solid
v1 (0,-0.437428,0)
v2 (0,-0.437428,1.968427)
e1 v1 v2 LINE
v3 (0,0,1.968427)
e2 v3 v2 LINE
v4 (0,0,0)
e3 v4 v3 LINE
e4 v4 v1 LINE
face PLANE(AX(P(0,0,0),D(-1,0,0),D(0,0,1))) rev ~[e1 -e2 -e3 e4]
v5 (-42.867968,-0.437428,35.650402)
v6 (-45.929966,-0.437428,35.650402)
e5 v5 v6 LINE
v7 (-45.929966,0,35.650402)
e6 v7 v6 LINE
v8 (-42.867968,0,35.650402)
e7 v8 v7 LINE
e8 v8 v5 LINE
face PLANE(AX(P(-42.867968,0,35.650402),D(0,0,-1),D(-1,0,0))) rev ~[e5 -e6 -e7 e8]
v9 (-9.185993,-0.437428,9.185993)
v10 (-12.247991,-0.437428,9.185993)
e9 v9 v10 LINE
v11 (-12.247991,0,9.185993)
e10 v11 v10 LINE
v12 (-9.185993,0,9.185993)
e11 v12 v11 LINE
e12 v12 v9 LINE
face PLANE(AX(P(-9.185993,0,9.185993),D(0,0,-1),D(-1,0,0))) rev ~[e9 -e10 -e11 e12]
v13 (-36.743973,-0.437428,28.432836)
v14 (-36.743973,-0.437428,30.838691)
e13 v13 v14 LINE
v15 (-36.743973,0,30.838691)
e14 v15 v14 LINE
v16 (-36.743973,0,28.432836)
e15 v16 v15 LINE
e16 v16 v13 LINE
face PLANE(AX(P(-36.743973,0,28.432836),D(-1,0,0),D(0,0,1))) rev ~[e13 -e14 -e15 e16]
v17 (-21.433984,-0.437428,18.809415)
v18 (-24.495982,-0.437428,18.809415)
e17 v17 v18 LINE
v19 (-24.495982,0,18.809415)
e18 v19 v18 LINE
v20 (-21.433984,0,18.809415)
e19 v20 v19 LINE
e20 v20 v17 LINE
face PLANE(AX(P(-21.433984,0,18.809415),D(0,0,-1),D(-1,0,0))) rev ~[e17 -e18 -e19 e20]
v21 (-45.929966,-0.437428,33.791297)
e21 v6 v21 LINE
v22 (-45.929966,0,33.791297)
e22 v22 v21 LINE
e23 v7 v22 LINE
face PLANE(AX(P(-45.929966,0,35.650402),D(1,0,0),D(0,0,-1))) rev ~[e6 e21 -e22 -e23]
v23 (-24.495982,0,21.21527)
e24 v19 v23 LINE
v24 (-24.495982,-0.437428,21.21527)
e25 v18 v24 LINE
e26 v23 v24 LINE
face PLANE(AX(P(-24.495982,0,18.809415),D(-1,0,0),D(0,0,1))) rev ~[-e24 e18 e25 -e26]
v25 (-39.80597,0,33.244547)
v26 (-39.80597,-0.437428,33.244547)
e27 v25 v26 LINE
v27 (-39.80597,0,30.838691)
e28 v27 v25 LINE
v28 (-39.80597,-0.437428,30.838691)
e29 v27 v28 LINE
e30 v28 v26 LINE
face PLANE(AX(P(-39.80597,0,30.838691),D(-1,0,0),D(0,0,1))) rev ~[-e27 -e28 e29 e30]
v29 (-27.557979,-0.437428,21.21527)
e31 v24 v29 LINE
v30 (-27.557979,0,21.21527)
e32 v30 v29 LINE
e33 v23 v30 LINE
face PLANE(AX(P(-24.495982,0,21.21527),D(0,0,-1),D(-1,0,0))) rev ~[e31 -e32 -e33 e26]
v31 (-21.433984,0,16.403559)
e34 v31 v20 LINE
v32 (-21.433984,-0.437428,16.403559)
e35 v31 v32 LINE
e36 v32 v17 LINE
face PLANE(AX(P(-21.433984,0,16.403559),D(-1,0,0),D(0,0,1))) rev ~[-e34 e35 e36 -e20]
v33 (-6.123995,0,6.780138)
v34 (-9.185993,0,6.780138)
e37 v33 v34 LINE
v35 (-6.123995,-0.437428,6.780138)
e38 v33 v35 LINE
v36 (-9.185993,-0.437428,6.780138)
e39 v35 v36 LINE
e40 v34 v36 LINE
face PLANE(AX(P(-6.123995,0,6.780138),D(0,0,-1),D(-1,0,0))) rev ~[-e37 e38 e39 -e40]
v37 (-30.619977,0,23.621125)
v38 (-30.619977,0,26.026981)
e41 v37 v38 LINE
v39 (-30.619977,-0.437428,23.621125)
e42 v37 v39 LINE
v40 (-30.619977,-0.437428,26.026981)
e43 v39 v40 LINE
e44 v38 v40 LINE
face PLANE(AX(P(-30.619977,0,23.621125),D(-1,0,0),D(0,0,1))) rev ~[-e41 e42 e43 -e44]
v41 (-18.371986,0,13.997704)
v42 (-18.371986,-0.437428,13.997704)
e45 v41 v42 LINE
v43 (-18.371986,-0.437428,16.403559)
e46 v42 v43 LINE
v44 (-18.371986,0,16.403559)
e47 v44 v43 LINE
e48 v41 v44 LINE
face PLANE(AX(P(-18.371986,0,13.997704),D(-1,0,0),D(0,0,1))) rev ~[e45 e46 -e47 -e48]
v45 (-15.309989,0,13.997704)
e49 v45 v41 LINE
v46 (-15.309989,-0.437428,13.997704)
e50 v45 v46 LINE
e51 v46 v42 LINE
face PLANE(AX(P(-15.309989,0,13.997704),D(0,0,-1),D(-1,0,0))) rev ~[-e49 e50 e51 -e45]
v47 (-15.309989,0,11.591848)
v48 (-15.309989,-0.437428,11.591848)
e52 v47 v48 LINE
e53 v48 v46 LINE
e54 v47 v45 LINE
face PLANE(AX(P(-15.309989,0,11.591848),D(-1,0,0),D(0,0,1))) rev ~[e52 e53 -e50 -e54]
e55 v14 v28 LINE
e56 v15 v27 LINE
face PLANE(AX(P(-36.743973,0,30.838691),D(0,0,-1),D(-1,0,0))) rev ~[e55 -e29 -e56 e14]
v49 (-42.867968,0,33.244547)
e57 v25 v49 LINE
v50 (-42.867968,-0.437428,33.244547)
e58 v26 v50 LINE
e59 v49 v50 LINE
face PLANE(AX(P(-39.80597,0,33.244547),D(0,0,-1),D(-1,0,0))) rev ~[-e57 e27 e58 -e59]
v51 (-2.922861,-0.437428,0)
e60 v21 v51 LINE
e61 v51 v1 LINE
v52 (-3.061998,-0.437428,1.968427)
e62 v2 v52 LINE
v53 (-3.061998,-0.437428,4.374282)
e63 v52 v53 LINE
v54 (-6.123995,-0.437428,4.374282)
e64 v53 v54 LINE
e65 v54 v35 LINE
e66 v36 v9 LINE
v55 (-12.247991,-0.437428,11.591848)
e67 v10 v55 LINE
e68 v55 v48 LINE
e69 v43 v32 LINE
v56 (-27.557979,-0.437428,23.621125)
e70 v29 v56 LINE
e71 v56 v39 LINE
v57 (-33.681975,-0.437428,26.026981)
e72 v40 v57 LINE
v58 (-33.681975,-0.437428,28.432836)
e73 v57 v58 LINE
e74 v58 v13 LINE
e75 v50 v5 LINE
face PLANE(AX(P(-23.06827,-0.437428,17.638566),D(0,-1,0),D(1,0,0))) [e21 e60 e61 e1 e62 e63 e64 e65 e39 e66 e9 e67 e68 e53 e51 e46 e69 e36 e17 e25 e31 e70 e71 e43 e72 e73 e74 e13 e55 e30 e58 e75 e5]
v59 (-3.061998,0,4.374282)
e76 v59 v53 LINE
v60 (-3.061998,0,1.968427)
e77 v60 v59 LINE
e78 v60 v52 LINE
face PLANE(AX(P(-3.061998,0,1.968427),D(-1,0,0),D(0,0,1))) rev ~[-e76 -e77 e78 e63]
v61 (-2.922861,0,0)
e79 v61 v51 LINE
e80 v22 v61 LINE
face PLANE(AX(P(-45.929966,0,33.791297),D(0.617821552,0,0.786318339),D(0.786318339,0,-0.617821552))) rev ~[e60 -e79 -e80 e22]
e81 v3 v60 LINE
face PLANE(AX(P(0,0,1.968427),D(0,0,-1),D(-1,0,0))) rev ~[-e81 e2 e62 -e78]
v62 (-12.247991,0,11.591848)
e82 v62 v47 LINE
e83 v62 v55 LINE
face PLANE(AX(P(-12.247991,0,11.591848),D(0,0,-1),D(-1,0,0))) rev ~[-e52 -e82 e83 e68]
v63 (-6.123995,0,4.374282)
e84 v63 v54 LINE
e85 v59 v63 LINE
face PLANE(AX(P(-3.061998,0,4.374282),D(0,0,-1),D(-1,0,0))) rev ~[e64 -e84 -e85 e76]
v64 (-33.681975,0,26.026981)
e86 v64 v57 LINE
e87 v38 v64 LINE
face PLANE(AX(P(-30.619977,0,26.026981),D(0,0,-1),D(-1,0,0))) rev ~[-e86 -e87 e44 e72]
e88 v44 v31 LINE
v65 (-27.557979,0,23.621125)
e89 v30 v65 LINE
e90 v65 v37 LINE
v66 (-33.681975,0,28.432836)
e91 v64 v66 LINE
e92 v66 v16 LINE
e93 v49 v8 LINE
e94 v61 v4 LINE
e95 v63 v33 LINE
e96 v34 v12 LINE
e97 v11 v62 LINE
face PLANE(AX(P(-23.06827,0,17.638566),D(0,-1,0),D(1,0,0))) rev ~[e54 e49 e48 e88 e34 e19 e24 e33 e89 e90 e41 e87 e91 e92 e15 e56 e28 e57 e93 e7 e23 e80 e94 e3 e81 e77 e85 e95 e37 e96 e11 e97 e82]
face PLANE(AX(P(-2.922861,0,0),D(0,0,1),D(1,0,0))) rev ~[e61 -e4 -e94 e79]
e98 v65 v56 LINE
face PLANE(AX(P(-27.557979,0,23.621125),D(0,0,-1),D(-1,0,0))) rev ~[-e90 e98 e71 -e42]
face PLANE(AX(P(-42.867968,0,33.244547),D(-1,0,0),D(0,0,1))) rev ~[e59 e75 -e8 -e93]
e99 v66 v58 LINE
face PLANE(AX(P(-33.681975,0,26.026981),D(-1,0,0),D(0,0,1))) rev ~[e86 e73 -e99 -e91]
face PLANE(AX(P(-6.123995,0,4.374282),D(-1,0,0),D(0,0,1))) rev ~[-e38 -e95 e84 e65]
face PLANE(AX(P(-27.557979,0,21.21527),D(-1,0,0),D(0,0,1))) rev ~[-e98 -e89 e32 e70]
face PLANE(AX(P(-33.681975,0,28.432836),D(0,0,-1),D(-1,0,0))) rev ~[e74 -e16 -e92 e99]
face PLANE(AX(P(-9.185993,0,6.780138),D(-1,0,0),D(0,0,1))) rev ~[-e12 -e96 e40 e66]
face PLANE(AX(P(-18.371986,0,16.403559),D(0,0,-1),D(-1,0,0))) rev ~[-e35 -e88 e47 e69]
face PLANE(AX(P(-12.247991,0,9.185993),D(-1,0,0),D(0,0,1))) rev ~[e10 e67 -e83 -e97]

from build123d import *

# Parameters (mm, degrees)
F1_DEPTH = 38.1
F2_SCALE = 0.0114810563


with BuildPart() as f1:
    # F0 (on Front) → F1 (new body)
    with BuildSketch(Plane.XZ):
        Polygon((-254.5811493903, 0), (0, 0), (0, 171.45), (-266.7, 171.45), (-266.7, 381), (-533.4, 381), (-533.4, 590.55), (-800.1, 590.55), (-800.1, 800.1), (-1066.8, 800.1), (-1066.8, 1009.65), (-1333.5, 1009.65), (-1333.5, 1219.2), (-1600.2, 1219.2), (-1600.2, 1428.75), (-1866.9, 1428.75), (-1866.9, 1638.3), (-2133.6, 1638.3), (-2133.6, 1847.85), (-2400.3, 1847.85), (-2400.3, 2057.4), (-2667, 2057.4), (-2667, 2266.95), (-2933.7, 2266.95), (-2933.7, 2476.5), (-3200.4, 2476.5), (-3200.4, 2686.05), (-3467.1, 2686.05), (-3467.1, 2895.6), (-3733.8, 2895.6), (-3733.8, 3105.15), (-4000.5, 3105.15), (-4000.5, 2943.2219540505), align=None)
    extrude(amount=F1_DEPTH)


with BuildPart() as f1_1:
    # F2: moved
    add(f1.part.scale(F2_SCALE))


solid = f1_1.part
